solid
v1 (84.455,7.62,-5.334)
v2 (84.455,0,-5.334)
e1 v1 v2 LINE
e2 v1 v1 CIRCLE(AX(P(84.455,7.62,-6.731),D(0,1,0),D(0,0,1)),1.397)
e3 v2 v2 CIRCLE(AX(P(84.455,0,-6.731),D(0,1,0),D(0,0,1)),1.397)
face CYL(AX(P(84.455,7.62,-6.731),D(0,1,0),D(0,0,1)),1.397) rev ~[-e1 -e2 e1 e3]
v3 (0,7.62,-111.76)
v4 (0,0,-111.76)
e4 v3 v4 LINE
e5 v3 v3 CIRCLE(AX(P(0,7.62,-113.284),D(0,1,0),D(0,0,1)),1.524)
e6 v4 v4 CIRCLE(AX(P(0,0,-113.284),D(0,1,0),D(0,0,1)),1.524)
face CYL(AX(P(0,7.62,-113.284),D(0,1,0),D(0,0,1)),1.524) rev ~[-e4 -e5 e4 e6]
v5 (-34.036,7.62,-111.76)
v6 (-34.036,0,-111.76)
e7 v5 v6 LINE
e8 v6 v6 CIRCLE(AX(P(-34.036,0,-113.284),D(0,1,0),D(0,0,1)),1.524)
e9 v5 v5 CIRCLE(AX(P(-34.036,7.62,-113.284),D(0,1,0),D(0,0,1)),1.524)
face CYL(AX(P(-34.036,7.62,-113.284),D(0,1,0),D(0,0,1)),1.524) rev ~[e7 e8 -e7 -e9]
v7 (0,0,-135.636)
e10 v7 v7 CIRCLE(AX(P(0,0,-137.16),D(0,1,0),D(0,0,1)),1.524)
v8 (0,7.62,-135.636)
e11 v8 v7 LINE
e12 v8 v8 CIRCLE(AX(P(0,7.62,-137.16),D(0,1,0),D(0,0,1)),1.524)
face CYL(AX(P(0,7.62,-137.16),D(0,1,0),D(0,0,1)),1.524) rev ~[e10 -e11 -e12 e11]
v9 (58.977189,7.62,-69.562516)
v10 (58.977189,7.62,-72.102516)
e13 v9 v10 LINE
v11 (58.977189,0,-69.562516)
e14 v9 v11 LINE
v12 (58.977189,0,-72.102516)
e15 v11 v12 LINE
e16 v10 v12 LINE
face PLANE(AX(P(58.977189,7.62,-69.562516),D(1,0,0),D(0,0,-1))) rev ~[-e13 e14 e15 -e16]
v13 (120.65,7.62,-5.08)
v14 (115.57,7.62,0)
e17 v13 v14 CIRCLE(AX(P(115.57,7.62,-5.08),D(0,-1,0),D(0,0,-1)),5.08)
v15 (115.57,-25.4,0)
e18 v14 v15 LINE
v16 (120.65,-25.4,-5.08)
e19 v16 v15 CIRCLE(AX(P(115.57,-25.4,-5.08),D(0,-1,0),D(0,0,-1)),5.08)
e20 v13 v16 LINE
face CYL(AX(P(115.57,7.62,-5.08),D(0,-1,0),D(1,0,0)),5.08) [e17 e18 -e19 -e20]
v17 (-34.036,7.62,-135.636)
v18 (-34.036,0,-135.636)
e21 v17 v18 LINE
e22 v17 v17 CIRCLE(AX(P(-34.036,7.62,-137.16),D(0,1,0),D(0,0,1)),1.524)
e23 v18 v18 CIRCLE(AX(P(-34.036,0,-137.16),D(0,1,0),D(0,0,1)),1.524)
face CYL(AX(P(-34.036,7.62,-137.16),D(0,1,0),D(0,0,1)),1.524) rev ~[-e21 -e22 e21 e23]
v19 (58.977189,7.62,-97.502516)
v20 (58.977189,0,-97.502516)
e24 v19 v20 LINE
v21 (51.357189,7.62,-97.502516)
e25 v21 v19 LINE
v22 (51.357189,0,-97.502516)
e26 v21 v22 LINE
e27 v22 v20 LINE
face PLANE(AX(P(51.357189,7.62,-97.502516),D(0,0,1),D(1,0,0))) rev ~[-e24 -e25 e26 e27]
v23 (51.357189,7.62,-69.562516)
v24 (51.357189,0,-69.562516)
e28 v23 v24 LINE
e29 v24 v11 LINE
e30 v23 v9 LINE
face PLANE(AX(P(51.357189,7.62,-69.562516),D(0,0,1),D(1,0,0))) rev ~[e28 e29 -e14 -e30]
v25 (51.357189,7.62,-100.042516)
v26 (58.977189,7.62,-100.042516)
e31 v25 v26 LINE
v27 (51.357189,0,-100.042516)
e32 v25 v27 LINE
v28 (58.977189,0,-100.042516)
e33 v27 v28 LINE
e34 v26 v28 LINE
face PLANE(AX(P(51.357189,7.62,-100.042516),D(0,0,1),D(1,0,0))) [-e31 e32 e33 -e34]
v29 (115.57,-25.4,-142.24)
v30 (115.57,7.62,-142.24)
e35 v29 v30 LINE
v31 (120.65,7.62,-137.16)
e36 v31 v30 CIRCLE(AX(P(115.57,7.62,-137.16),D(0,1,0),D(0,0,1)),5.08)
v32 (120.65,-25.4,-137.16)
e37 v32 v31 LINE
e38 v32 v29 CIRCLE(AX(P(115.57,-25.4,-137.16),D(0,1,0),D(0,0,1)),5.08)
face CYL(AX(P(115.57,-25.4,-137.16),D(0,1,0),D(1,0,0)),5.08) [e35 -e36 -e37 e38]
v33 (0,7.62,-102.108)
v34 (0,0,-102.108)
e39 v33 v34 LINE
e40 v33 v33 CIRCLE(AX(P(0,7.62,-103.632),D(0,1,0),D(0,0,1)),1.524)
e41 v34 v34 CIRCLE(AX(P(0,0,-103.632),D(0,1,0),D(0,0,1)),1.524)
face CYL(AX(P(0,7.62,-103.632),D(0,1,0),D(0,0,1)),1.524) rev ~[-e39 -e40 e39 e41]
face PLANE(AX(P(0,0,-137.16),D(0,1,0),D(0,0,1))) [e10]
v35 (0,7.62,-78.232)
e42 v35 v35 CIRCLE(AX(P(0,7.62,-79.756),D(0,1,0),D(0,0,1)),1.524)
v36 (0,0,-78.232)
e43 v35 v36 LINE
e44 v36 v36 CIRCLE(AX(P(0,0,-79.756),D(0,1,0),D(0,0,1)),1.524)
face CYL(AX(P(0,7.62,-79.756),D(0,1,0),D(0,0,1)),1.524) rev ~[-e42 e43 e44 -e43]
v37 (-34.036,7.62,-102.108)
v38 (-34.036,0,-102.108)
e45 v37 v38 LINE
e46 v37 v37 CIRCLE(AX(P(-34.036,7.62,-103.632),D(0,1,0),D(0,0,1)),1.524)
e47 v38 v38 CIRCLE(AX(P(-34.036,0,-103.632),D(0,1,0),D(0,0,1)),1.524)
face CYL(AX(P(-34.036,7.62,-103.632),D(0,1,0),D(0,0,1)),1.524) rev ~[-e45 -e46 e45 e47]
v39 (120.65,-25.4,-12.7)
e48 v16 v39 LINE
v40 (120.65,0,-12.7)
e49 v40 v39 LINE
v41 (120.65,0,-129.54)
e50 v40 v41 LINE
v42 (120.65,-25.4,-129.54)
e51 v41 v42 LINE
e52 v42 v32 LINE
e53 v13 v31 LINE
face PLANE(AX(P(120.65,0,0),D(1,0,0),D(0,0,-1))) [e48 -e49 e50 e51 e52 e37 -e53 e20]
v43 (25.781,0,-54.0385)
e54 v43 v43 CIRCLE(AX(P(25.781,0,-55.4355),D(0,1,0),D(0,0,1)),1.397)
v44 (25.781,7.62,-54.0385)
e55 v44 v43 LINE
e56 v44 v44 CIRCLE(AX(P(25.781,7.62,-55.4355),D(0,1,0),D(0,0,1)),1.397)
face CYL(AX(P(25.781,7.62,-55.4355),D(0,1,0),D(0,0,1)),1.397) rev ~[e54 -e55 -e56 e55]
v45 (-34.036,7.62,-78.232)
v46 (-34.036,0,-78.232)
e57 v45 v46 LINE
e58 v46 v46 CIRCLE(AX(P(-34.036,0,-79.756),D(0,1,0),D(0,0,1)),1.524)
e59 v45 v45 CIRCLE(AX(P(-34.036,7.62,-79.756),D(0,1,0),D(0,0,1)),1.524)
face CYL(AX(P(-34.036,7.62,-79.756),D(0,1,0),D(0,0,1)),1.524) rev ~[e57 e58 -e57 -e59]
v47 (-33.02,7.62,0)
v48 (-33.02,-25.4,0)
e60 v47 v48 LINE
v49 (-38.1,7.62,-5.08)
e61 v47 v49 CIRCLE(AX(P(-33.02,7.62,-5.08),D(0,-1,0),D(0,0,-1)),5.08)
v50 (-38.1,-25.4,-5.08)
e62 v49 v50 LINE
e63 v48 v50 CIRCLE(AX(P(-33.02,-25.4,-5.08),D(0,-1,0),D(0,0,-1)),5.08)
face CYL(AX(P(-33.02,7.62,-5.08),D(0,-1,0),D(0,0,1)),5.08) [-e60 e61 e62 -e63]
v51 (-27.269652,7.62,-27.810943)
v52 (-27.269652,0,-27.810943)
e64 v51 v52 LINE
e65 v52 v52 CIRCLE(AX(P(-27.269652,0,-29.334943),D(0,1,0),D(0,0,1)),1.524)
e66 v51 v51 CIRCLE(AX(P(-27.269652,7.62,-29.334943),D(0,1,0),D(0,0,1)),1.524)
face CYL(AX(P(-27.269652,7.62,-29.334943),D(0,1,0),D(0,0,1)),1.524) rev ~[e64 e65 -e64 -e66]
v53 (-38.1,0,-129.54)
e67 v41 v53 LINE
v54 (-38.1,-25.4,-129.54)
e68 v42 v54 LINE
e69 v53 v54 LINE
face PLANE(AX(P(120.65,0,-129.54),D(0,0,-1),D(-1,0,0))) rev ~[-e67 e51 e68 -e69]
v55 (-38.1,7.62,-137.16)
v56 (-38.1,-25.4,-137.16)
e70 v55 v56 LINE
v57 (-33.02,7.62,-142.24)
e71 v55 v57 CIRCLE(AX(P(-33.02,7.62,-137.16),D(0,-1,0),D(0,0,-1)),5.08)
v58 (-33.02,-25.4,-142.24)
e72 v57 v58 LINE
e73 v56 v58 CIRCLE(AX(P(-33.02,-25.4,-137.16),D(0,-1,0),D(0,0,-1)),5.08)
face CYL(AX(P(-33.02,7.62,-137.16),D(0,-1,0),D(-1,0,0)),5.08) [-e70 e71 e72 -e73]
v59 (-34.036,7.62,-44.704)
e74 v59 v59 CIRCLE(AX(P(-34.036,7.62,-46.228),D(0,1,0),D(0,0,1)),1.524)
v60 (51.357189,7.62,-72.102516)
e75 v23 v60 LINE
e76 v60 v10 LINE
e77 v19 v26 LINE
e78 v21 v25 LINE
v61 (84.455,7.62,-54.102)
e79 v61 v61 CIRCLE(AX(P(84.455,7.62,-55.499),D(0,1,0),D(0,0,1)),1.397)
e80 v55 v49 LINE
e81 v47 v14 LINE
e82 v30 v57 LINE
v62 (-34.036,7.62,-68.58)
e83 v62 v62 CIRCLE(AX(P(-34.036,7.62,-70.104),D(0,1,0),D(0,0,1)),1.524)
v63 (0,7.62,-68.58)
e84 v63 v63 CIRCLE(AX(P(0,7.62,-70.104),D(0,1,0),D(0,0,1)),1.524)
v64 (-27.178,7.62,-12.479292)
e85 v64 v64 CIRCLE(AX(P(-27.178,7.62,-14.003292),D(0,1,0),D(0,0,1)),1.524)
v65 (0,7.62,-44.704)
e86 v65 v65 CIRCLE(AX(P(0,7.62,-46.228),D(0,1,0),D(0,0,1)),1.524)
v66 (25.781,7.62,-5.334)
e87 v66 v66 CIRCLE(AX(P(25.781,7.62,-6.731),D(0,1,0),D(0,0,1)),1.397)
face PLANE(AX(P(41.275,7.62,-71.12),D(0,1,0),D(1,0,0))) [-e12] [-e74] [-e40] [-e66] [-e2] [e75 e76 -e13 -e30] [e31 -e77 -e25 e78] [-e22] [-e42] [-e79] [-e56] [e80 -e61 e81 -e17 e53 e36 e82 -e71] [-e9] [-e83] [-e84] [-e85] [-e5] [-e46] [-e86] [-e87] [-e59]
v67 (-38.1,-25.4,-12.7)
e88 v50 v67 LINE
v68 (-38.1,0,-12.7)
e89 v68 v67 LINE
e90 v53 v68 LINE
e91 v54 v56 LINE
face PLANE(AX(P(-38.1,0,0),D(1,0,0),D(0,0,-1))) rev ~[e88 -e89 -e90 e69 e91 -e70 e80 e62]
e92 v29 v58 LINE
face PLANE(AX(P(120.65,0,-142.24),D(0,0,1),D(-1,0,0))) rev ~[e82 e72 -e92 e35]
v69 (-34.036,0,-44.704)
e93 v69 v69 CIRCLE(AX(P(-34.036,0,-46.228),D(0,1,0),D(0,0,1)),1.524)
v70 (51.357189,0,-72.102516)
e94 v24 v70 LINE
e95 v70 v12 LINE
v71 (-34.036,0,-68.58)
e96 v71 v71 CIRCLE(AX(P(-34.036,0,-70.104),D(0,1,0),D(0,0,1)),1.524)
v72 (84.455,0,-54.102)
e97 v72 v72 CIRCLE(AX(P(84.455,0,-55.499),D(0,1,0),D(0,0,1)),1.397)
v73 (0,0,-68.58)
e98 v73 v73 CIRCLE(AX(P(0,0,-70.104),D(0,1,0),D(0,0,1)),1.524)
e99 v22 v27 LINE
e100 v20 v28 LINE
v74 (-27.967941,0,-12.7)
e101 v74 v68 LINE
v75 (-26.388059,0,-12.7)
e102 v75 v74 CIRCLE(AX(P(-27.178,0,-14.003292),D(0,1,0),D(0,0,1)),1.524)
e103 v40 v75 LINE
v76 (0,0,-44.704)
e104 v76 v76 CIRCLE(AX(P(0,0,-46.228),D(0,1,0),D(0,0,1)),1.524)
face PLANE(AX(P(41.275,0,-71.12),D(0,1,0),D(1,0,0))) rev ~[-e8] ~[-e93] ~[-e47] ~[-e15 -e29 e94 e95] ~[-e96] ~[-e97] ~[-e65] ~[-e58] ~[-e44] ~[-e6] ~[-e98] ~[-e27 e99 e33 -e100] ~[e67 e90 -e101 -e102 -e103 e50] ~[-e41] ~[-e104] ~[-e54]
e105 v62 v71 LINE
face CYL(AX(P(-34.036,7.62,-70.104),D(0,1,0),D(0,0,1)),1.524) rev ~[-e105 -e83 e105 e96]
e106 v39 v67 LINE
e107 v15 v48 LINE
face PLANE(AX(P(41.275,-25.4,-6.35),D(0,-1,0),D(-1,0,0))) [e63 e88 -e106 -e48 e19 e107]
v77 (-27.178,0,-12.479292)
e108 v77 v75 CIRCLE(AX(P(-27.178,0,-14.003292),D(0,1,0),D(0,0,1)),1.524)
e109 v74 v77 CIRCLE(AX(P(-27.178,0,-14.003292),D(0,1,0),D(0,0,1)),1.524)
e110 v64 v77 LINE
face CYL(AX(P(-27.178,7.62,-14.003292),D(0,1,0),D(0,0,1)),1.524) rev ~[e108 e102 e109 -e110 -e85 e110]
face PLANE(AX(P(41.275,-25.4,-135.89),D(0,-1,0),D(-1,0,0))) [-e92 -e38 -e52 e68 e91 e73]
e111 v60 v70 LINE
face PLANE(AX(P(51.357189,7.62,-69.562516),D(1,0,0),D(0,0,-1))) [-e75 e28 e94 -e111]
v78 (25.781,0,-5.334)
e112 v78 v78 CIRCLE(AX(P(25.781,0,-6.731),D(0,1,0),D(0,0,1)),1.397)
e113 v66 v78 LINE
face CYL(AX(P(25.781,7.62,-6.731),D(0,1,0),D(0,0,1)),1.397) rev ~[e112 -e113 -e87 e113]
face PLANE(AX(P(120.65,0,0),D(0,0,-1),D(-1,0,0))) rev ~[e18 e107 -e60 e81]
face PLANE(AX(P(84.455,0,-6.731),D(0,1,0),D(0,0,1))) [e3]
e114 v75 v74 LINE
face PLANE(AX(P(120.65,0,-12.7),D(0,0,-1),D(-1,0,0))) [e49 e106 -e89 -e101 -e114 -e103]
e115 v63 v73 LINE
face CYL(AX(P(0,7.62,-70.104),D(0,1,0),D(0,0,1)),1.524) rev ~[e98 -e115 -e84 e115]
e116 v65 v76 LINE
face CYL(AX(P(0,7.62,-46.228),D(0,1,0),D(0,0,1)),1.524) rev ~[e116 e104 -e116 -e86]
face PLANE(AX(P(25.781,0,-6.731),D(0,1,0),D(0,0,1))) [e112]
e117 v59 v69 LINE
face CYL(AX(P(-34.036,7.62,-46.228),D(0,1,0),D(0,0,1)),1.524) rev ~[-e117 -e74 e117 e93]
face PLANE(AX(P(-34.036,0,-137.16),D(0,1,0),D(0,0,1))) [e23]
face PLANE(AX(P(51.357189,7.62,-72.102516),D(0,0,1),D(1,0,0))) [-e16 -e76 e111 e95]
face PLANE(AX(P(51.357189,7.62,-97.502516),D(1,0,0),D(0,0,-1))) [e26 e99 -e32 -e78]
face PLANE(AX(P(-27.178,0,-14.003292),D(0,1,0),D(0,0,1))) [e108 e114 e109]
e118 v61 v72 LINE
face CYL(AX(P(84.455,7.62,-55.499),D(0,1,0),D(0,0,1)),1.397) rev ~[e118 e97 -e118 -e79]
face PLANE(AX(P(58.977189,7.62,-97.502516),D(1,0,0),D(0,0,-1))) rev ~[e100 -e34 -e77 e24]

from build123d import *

# Parameters (mm, degrees)
BOSS_EXTRUDE1_DEPTH = 7.62
SKETCH5_W           = 158.75
SKETCH5_H           = 12.7
BOSS_EXTRUDE2_DEPTH = 25.4
FILLET1_R           = 5.08
SKETCH3_R           = 1.397
SKETCH3_R_2         = 1.524
CUT_EXTRUDE1_DEPTH  = 7.62
SKETCH6_W           = 7.62
SKETCH6_H           = 2.54
CUT_EXTRUDE3_DEPTH  = 7.62


with BuildPart() as part:
    # Sketch1 → Boss-Extrude1 (new body)
    with BuildSketch(Plane(origin=(0, 0, 0), x_dir=(1, 0, 0), z_dir=(0, 1, 0))):
        Polygon((0, 0), (120.65, 0), (120.65, 142.24), (-38.1, 142.24), (-38.1, 0), align=None)
    extrude(amount=BOSS_EXTRUDE1_DEPTH)

    # Sketch5 → Boss-Extrude2 (add)
    with BuildSketch(Plane(origin=(0, 0, 0), x_dir=(-1, 0, 0), z_dir=(0, -1, 0))):
        with Locations((-41.275, 6.35)):
            Rectangle(SKETCH5_W, SKETCH5_H)
        with Locations((-41.275, 135.89)):
            Rectangle(SKETCH5_W, SKETCH5_H)
    extrude(amount=BOSS_EXTRUDE2_DEPTH)

    # Fillet1
    fillet1_edges = [part.edges().sort_by_distance(p)[0] for p in [
        (-38.1, -8.89, 0),
        (120.65, -8.89, 0),
        (120.65, -8.89, -142.24),
        (-38.1, -8.89, -142.24),
    ]]
    fillet(fillet1_edges, radius=FILLET1_R)

    # Sketch3 → Cut-Extrude1 (cut)
    with BuildSketch(Plane(origin=(0, 7.62, 0), x_dir=(1, 0, 0), z_dir=(0, 1, 0))):
        with Locations((25.781, 6.731)):
            Circle(SKETCH3_R)
        with Locations((25.781, 55.4355)):
            Circle(SKETCH3_R)
        with Locations((84.455, 55.499)):
            Circle(SKETCH3_R)
        with Locations((84.455, 6.731)):
            Circle(SKETCH3_R)
        with Locations((-34.036, 137.16)):
            Circle(SKETCH3_R_2)
        with Locations((0, 137.16)):
            Circle(SKETCH3_R_2)
        with Locations((-34.036, 113.284)):
            Circle(SKETCH3_R_2)
        with Locations((0, 113.284)):
            Circle(SKETCH3_R_2)
        with Locations((-34.036, 103.632)):
            Circle(SKETCH3_R_2)
        with Locations((0, 103.632)):
            Circle(SKETCH3_R_2)
        with Locations((-34.036, 79.756)):
            Circle(SKETCH3_R_2)
        with Locations((0, 79.756)):
            Circle(SKETCH3_R_2)
        with Locations((-34.036, 70.104)):
            Circle(SKETCH3_R_2)
        with Locations((0, 70.104)):
            Circle(SKETCH3_R_2)
        with Locations((-34.036, 46.228)):
            Circle(SKETCH3_R_2)
        with Locations((0, 46.228)):
            Circle(SKETCH3_R_2)
        with Locations((-27.178, 14.003291804)):
            Circle(SKETCH3_R_2)
        with Locations((-27.269651582, 29.334943362)):
            Circle(SKETCH3_R_2)
    extrude(amount=-CUT_EXTRUDE1_DEPTH, mode=Mode.SUBTRACT)

    # Sketch6 → Cut-Extrude3 (cut)
    with BuildSketch(Plane(origin=(0, 7.62, 0), x_dir=(1, 0, 0), z_dir=(0, 1, 0))):
        with Locations((55.167188758, 70.832515898)):
            Rectangle(SKETCH6_W, SKETCH6_H)
        with Locations((55.167188758, 98.772515898)):
            Rectangle(SKETCH6_W, SKETCH6_H)
    extrude(amount=-CUT_EXTRUDE3_DEPTH, mode=Mode.SUBTRACT)


solid = part.part
